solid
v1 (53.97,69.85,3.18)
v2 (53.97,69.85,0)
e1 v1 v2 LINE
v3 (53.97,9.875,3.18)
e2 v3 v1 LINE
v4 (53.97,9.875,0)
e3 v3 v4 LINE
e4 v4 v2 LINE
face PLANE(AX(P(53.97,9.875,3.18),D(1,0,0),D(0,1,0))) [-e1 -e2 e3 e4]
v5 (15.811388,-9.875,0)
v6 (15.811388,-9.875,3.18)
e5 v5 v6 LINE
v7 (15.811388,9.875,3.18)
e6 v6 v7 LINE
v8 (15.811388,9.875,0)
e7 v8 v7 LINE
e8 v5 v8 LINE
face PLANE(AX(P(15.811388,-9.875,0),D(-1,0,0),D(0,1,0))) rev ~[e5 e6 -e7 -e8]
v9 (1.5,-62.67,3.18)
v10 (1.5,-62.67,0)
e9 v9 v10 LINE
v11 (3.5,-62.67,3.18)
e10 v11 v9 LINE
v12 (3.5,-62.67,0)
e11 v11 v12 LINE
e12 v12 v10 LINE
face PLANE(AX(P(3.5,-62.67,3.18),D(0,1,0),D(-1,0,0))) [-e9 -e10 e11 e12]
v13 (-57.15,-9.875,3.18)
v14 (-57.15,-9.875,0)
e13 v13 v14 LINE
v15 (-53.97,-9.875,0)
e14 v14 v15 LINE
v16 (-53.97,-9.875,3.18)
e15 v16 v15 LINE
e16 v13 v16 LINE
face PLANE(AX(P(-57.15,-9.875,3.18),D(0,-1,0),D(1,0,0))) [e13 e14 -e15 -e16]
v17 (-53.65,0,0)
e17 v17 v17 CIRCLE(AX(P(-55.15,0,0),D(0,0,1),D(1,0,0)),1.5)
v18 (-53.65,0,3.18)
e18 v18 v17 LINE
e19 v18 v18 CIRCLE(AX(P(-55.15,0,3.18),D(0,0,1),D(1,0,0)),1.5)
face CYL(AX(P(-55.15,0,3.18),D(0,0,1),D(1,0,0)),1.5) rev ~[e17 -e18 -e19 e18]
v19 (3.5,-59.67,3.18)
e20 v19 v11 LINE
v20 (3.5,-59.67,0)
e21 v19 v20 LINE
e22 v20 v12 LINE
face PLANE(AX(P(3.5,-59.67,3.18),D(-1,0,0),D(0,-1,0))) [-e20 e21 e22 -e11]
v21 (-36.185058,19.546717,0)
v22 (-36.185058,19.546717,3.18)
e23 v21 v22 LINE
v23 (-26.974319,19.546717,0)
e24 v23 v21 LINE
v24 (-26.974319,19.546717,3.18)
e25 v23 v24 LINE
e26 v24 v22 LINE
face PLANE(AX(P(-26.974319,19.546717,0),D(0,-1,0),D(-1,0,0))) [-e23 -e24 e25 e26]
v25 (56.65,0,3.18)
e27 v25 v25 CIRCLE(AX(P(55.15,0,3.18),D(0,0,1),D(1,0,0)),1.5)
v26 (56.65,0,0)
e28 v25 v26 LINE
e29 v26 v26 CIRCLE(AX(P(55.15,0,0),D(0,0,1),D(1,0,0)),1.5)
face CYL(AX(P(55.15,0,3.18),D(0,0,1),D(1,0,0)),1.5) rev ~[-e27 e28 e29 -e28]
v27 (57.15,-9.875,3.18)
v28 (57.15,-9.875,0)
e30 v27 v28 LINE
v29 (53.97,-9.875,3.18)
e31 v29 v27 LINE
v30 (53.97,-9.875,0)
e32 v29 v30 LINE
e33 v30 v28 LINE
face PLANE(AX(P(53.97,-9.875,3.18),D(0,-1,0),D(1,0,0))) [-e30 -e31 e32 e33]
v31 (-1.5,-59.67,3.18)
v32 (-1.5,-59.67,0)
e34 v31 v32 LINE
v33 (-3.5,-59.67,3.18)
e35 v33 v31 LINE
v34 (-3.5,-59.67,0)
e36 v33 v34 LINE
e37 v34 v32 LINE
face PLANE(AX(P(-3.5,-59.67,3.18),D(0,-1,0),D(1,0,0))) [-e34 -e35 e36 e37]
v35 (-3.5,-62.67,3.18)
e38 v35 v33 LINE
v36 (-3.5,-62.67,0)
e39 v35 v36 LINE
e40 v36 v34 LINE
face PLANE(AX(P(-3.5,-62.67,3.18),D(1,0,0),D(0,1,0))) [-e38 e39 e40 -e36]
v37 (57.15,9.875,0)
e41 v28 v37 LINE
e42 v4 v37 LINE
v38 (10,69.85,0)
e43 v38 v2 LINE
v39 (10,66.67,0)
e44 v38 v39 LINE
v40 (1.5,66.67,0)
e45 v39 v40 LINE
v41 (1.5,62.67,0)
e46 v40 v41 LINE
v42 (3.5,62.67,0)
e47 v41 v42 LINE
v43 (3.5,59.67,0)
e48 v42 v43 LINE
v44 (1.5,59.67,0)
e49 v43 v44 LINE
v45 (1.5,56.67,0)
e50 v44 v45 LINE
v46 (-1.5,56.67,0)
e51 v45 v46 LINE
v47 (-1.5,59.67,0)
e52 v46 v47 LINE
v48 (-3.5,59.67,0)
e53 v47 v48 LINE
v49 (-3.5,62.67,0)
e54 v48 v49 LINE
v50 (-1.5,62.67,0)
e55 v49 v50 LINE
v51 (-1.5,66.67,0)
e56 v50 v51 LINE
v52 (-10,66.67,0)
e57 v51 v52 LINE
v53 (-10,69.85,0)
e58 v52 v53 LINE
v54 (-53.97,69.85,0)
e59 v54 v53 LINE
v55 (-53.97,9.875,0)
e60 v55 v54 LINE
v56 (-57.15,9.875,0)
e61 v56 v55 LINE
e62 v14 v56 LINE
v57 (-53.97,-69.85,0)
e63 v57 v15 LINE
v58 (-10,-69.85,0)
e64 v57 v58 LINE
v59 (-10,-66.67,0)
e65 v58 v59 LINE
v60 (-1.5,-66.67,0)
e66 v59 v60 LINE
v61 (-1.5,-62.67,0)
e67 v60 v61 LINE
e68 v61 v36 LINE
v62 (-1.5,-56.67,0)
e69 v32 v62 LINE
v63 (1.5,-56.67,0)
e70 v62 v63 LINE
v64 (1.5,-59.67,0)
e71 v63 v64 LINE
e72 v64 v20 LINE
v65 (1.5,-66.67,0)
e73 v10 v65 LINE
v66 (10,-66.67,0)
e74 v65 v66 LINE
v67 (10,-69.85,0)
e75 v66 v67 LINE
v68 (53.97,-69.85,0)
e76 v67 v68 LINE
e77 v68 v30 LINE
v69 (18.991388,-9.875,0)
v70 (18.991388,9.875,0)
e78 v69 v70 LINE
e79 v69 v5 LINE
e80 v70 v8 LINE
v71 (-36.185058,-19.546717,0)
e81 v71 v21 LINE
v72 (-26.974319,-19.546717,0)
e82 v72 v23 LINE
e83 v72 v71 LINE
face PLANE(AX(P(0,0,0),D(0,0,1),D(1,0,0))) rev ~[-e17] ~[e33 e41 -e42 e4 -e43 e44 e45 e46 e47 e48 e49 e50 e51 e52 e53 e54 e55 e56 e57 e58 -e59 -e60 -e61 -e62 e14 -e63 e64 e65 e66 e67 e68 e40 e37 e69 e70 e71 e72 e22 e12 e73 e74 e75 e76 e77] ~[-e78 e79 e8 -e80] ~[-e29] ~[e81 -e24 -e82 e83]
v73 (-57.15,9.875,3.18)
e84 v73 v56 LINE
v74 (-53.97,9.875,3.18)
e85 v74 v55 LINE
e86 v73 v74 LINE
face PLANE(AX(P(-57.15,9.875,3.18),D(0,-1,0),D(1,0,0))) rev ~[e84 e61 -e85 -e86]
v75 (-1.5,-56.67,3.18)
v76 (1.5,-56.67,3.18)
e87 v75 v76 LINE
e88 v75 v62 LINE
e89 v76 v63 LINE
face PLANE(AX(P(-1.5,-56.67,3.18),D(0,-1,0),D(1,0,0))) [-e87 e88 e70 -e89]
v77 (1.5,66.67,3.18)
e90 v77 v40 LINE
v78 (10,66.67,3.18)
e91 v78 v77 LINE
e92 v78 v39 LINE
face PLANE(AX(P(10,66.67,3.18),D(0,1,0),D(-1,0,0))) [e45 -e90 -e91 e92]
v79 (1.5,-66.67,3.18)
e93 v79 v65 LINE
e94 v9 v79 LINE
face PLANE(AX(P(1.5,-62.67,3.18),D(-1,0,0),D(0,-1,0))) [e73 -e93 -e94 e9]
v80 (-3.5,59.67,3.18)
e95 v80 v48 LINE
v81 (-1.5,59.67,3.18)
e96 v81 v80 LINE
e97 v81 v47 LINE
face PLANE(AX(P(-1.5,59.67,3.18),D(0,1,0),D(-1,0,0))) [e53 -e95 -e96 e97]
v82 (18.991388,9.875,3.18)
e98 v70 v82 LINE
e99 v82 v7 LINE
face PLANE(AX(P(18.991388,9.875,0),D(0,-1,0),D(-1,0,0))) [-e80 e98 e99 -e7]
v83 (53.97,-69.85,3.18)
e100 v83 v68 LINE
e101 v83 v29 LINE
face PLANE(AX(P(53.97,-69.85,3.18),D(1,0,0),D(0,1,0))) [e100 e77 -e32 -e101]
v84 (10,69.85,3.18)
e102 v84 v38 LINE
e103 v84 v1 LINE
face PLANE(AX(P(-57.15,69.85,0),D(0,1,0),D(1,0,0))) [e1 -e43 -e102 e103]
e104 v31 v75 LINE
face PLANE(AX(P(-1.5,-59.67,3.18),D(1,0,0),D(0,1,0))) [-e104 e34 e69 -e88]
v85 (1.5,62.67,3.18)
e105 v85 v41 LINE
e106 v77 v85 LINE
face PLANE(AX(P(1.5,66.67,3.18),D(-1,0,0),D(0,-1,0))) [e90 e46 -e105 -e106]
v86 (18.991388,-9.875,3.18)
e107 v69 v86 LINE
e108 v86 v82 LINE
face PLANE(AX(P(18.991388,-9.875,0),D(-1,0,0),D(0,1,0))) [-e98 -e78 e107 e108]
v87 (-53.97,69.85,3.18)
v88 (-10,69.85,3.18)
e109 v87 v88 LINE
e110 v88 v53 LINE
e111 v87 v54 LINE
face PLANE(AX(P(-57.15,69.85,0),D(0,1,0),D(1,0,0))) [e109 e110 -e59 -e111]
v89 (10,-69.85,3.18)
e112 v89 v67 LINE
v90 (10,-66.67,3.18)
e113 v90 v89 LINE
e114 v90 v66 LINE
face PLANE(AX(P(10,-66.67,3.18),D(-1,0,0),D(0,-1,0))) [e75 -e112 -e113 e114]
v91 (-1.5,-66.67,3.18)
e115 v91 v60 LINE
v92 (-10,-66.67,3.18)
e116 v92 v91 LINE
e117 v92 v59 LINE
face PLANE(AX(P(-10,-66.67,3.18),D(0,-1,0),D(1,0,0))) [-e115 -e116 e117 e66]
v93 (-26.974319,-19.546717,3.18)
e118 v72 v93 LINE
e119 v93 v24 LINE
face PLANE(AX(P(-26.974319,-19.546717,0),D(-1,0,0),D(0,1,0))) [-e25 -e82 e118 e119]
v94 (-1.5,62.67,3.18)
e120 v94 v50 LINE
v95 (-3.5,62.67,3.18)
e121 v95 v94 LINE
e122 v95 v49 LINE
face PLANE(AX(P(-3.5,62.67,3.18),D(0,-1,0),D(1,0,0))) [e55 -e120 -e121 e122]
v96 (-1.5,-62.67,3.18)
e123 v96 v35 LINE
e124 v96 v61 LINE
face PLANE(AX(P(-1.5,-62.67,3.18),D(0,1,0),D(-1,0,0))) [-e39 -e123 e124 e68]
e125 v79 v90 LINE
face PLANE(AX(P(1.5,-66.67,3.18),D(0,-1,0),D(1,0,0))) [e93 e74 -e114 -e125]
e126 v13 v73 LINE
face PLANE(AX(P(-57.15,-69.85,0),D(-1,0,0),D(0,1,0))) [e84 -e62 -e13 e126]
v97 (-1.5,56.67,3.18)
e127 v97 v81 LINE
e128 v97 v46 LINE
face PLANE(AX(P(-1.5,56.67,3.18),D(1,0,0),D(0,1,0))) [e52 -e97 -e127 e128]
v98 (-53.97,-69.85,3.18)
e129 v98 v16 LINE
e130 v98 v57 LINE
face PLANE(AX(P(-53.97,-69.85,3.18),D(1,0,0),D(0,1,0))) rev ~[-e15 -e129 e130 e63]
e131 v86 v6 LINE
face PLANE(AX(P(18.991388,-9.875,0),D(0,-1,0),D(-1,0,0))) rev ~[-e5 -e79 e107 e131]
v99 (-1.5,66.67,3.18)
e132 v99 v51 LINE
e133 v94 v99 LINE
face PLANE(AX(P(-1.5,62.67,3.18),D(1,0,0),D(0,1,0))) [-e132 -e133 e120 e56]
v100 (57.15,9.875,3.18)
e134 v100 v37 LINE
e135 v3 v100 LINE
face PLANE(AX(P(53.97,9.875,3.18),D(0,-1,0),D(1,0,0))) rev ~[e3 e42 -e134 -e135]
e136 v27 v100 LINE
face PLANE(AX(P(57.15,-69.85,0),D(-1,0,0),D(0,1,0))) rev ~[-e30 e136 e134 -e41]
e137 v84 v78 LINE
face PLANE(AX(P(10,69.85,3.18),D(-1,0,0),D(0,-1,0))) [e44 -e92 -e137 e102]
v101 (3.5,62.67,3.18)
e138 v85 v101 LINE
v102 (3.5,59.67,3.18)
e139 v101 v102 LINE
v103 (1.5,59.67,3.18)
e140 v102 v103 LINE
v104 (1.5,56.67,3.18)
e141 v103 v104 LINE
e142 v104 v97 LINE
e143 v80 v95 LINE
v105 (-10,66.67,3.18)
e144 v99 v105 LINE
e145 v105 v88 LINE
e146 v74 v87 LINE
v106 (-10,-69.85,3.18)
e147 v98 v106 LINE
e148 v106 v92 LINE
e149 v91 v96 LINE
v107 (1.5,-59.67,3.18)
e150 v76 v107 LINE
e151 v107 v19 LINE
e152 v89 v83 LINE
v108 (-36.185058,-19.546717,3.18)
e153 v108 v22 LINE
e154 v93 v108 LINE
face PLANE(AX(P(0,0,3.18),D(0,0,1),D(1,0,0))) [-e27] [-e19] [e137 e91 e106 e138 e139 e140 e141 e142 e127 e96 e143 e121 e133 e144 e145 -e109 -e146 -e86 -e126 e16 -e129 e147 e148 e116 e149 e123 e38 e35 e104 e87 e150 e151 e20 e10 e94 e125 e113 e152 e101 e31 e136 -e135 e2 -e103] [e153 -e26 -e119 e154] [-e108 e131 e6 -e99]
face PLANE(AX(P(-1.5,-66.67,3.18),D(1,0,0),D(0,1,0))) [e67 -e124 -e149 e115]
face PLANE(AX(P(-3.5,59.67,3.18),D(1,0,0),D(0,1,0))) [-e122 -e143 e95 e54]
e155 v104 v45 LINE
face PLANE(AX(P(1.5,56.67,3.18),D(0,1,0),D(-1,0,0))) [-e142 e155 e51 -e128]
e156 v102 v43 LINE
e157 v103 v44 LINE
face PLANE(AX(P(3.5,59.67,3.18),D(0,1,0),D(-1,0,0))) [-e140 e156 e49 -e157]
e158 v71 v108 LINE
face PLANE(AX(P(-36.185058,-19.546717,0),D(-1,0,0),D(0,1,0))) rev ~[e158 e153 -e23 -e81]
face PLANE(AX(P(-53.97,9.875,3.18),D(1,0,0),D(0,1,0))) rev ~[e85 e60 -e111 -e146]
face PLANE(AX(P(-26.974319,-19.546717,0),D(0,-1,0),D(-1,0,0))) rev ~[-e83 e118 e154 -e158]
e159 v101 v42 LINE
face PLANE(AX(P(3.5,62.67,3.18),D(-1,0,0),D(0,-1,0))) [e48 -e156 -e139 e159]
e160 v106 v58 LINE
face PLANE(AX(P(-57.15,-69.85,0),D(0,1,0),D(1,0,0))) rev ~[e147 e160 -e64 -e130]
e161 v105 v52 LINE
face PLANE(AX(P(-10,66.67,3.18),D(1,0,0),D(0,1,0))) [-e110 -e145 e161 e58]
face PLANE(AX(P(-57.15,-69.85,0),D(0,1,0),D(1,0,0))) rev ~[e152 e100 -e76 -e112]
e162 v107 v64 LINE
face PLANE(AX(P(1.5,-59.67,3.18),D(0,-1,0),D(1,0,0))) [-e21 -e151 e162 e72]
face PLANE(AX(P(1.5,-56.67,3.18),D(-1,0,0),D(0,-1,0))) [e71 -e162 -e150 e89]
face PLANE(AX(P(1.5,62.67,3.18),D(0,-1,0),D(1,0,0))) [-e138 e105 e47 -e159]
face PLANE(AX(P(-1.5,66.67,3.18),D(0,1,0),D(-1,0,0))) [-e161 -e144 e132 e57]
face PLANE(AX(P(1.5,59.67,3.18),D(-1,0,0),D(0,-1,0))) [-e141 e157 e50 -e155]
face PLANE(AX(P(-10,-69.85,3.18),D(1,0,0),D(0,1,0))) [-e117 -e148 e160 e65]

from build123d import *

# Parameters (mm, degrees)
SKETCH1_W           = 114.3
SKETCH1_H           = 139.7
BOSS_EXTRUDE1_DEPTH = 3.18
SKETCH2_R           = 1.5
SKETCH2_W           = 3.18
SKETCH2_H           = 59.975
CUT_EXTRUDE1_DEPTH  = 4.18
SKETCH3_W           = 3.18
SKETCH3_H           = 19.75
CUT_EXTRUDE2_DEPTH  = 3.18
SKETCH4_W           = 9.210739152
SKETCH4_H           = 39.093434174
CUT_EXTRUDE3_DEPTH  = 3.18


with BuildPart() as part:
    # Sketch1 → Boss-Extrude1 (new body)
    with BuildSketch(Plane.XY):
        Rectangle(SKETCH1_W, SKETCH1_H)
    extrude(amount=BOSS_EXTRUDE1_DEPTH)

    # Sketch2 → Cut-Extrude1 (cut, through all)
    with BuildSketch(Plane.XY.offset(3.18)):
        with Locations((-55.15, 0)):
            Circle(SKETCH2_R)
        with Locations((55.15, 0)):
            Circle(SKETCH2_R)
        Polygon((-10, 69.85), (10, 69.85), (10, 66.67), (1.5, 66.67), (1.5, 62.67), (3.5, 62.67), (3.5, 59.67), (1.5, 59.67), (1.5, 56.67), (-1.5, 56.67), (-1.5, 59.67), (-3.5, 59.67), (-3.5, 62.67), (-1.5, 62.67), (-1.5, 66.67), (-10, 66.67), align=None)
        Polygon((-10, -69.85), (-10, -66.67), (-1.5, -66.67), (-1.5, -62.67), (-3.5, -62.67), (-3.5, -59.67), (-1.5, -59.67), (-1.5, -56.67), (1.5, -56.67), (1.5, -59.67), (3.5, -59.67), (3.5, -62.67), (1.5, -62.67), (1.5, -66.67), (10, -66.67), (10, -69.85), align=None)
        with Locations((-55.56, 39.8625)):
            Rectangle(SKETCH2_W, SKETCH2_H)
        with Locations((-55.56, -39.8625)):
            Rectangle(SKETCH2_W, SKETCH2_H)
        with Locations((55.56, -39.8625)):
            Rectangle(SKETCH2_W, SKETCH2_H)
        with Locations((55.56, 39.8625)):
            Rectangle(SKETCH2_W, SKETCH2_H)
    extrude(amount=-CUT_EXTRUDE1_DEPTH, mode=Mode.SUBTRACT)

    # Sketch3 → Cut-Extrude2 (cut)
    with BuildSketch(Plane(origin=(0, 0, 0), x_dir=(-1, 0, 0), z_dir=(0, 0, -1))):
        with Locations((-17.401387583, 0)):
            Rectangle(SKETCH3_W, SKETCH3_H)
    extrude(amount=-CUT_EXTRUDE2_DEPTH, mode=Mode.SUBTRACT)

    # Sketch4 → Cut-Extrude3 (cut)
    with BuildSketch(Plane(origin=(0, 0, 0), x_dir=(-1, 0, 0), z_dir=(0, 0, -1))):
        with Locations((31.579688853, 0)):
            Rectangle(SKETCH4_W, SKETCH4_H)
    extrude(amount=-CUT_EXTRUDE3_DEPTH, mode=Mode.SUBTRACT)


solid = part.part
